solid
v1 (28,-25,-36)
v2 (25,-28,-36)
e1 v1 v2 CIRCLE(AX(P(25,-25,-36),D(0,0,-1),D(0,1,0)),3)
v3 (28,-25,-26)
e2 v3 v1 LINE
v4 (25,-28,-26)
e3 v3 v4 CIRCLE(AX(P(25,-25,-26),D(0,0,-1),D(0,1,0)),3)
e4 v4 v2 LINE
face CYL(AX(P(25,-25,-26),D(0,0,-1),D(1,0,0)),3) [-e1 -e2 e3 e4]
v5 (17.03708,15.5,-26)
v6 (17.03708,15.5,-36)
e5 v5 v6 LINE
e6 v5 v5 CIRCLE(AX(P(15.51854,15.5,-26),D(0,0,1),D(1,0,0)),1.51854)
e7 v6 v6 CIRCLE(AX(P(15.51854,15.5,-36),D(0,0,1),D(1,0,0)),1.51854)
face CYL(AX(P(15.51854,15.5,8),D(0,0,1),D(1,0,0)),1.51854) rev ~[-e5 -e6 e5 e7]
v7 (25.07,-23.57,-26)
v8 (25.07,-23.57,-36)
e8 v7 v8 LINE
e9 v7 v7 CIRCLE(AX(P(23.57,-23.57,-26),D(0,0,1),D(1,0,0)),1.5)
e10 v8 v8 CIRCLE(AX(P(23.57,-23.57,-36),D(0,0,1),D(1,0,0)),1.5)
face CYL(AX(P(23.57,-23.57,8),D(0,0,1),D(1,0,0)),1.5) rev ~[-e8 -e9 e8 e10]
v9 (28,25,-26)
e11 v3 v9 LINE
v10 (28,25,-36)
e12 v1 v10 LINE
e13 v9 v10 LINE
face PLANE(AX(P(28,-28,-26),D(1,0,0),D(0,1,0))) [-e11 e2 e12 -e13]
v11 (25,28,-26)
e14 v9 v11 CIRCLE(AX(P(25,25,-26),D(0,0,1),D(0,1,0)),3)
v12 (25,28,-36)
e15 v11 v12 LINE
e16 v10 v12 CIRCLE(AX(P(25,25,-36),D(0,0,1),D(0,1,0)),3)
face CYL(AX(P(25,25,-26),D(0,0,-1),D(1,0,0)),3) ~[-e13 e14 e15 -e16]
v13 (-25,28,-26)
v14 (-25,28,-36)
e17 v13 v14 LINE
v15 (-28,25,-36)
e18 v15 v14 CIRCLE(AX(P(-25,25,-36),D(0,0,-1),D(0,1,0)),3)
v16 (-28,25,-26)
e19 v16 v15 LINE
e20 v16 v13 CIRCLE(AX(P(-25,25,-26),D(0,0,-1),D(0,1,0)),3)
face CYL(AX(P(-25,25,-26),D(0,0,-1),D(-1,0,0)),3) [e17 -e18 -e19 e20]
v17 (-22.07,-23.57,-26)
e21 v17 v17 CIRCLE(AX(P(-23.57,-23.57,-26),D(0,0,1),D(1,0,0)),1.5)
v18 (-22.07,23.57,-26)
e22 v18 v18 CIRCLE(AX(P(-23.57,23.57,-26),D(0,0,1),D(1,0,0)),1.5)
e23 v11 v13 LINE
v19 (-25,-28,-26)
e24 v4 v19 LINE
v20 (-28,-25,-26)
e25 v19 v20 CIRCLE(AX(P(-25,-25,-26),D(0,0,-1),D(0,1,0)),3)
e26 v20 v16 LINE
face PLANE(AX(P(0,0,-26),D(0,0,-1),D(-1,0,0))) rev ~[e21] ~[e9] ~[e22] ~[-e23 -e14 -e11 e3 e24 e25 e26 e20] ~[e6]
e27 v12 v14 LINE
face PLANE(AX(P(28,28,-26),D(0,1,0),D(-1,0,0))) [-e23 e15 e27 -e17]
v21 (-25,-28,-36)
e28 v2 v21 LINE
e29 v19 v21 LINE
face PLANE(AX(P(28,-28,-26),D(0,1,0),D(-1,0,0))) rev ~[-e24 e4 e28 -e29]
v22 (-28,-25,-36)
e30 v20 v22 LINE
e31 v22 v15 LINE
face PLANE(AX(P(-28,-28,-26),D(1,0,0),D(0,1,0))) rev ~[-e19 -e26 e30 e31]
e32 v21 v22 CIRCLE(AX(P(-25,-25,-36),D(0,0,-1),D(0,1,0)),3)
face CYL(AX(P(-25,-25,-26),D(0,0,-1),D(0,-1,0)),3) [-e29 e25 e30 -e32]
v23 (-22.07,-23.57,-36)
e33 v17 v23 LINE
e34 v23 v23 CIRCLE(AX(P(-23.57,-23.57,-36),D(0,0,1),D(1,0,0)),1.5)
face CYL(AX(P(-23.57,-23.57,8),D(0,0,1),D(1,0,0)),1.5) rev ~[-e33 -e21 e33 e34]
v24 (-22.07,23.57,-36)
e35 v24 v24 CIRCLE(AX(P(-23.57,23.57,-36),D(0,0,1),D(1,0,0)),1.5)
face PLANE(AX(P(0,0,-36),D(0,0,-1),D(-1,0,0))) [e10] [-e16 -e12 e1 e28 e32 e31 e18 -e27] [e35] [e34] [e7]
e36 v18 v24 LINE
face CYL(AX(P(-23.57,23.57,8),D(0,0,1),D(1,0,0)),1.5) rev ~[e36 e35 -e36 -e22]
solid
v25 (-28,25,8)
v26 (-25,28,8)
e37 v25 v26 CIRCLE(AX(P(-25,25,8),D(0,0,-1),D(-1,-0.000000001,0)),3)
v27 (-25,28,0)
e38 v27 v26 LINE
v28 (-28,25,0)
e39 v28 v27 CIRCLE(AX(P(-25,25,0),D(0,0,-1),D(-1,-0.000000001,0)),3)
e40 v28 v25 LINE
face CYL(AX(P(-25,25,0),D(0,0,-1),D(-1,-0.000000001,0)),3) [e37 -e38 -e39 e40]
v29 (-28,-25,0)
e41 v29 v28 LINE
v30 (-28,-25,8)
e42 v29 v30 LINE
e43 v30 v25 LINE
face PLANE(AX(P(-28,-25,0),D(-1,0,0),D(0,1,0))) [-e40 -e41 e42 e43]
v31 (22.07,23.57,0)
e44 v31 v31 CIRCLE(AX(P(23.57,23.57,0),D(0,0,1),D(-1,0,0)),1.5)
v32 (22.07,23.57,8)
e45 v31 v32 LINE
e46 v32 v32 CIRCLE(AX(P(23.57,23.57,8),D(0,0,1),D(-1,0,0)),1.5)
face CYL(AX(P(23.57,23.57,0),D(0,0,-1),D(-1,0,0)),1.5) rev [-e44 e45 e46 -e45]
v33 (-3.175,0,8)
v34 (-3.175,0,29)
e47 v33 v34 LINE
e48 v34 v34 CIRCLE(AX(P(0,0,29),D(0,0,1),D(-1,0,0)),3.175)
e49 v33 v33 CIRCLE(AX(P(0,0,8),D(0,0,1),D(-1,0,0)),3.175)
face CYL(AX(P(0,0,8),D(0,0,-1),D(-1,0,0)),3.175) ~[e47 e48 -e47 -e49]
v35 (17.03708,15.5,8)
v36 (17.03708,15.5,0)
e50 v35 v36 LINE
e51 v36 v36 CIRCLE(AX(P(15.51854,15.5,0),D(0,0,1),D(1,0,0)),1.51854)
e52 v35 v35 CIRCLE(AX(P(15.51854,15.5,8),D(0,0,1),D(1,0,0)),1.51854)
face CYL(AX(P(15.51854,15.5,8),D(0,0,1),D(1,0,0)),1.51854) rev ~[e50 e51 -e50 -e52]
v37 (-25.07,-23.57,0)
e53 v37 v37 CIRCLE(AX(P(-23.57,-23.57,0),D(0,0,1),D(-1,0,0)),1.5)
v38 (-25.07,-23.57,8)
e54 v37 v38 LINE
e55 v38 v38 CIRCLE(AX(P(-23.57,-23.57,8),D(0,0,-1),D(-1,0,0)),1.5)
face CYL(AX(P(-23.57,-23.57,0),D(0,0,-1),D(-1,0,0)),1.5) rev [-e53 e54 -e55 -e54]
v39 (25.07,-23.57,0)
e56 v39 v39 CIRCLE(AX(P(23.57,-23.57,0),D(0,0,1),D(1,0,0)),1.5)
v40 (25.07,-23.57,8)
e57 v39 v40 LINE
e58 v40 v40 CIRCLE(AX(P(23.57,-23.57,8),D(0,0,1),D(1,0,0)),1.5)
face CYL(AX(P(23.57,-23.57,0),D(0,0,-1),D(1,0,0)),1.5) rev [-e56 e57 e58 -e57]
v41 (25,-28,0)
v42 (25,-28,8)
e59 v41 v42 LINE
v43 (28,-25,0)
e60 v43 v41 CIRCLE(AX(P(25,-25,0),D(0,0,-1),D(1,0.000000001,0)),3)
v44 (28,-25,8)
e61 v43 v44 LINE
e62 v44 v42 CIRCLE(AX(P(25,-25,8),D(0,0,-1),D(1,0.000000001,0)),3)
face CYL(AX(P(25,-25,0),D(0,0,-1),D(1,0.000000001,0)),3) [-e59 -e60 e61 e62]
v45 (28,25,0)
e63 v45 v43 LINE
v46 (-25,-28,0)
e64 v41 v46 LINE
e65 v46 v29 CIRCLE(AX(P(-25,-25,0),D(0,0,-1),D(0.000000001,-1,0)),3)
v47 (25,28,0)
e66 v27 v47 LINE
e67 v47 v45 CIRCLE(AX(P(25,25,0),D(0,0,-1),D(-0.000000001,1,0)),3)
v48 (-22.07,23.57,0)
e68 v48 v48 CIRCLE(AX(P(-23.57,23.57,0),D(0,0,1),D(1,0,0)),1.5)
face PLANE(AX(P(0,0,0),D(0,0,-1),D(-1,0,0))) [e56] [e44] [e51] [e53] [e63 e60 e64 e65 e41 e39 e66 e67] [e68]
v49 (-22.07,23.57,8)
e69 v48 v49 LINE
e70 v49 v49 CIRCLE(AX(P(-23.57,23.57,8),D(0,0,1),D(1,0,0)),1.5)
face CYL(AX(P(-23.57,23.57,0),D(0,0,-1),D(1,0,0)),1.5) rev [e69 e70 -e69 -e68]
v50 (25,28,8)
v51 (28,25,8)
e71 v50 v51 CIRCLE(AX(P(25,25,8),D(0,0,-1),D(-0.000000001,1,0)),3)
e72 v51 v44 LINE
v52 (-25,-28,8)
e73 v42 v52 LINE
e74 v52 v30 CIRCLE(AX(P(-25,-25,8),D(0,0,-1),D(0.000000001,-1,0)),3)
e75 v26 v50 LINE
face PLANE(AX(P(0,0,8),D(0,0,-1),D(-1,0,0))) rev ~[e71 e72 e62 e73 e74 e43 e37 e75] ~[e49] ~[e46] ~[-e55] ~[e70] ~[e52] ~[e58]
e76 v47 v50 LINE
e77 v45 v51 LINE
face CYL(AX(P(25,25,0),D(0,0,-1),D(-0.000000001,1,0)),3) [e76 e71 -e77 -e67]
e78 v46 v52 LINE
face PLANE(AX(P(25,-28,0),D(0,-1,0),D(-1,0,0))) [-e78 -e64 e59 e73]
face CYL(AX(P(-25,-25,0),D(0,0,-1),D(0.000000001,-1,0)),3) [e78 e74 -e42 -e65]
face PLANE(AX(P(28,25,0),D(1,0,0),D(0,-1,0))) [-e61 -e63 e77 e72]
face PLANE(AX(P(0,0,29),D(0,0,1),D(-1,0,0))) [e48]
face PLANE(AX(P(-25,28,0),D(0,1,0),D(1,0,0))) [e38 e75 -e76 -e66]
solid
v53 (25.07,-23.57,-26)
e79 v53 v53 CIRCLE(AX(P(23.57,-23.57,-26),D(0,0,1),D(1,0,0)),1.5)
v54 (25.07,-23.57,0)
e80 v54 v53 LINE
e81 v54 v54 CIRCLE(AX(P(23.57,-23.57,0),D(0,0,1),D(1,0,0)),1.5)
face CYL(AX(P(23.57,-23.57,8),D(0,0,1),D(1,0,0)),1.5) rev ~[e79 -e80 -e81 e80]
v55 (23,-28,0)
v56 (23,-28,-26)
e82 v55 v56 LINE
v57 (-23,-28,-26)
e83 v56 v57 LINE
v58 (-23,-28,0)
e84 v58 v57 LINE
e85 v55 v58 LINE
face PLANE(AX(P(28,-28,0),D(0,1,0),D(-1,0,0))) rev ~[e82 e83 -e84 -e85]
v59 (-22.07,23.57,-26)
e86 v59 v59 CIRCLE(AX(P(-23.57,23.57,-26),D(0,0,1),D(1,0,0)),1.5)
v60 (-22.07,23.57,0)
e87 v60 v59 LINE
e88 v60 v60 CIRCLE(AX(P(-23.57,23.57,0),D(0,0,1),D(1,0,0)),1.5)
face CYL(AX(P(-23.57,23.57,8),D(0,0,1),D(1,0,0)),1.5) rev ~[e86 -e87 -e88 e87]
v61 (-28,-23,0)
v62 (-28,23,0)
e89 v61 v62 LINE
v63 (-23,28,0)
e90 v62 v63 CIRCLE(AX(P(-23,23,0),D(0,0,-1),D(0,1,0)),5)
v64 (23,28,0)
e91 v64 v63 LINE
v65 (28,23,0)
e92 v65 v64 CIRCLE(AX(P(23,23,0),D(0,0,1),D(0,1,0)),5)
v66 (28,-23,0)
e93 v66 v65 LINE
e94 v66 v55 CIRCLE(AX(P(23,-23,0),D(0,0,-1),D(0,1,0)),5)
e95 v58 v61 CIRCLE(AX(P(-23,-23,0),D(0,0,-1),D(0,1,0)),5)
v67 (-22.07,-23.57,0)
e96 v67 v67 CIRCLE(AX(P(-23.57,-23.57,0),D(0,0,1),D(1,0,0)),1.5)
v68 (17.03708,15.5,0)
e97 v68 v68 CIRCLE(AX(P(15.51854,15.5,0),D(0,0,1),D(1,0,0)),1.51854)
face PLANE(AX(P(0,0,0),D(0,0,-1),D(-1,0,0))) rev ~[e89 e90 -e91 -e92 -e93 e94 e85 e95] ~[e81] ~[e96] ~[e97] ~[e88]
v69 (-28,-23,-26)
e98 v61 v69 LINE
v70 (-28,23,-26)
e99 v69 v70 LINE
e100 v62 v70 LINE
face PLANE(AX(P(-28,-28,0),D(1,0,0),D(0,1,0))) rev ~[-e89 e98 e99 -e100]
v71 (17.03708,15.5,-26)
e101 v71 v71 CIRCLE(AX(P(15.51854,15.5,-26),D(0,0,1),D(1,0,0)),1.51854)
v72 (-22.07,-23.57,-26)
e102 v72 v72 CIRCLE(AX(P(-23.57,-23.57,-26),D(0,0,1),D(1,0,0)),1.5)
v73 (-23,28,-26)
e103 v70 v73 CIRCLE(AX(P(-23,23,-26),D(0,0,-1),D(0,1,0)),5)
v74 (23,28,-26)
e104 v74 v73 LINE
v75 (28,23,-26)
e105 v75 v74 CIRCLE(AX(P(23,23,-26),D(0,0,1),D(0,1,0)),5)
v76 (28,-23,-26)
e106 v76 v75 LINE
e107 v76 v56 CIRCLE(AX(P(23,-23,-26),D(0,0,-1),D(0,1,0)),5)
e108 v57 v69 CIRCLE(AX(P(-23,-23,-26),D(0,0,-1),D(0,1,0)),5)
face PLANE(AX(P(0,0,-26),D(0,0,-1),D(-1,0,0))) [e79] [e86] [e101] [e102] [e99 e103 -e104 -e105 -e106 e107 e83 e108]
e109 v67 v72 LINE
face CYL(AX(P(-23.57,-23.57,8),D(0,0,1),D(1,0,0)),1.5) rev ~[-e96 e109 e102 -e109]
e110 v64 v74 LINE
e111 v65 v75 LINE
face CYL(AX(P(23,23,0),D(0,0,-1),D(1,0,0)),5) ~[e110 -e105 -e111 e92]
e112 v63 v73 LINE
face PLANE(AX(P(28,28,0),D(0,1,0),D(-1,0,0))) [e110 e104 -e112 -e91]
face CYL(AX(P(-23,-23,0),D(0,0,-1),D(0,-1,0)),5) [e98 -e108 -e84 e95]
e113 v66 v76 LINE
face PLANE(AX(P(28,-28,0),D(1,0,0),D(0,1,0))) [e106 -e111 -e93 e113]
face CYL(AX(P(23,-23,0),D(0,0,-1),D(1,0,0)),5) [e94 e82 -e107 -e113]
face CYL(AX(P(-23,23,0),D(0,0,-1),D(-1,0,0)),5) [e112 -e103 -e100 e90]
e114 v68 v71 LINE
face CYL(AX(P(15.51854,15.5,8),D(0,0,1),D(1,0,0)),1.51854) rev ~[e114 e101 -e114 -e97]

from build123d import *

# Parameters (mm, degrees)
SKETCH_1_R          = 1.5
EXTRUDE_1_DEPTH     = 8
SKETCH_4_R          = 3.175
EXTRUDE_2_DEPTH     = 21
SKETCH_9_W          = 56
SKETCH_9_H          = 56
EXTRUDE_7_DEPTH     = 26
SKETCH_10_W         = 56
SKETCH_10_H         = 56
EXTRUDE_8_DEPTH     = 10
FILLET_1_R          = 3
FILLET_2_R          = 5
SKETCH_12_R         = 1.5
SKETCH_12_R_2       = 1.518540069
CUT_EXTRUDE_1_DEPTH = 60.194594348


with BuildPart() as part:
    # 草图1 → 凸台-拉伸1 (new body)
    with BuildSketch(Plane.XY):
        with BuildLine():
            Line((-25, 28), (25, 28))
            ThreePointArc((25, 28), (27.121320344, 27.121320344), (28, 25))
            Line((28, 25), (28, -25))
            ThreePointArc((28, -25), (27.121320344, -27.121320344), (25, -28))
            Line((25, -28), (-25, -28))
            ThreePointArc((-25, -28), (-27.121320344, -27.121320344), (-28, -25))
            Line((-28, -25), (-28, 25))
            ThreePointArc((-28, 25), (-27.121320344, 27.121320344), (-25, 28))
        make_face()
        with Locations((-23.57, 23.57)):
            Circle(SKETCH_1_R, mode=Mode.SUBTRACT)
        with Locations(Location((23.57, 23.57, 0), (0, 0, 180))):
            Circle(SKETCH_1_R, mode=Mode.SUBTRACT)
        with Locations((23.57, -23.57)):
            Circle(SKETCH_1_R, mode=Mode.SUBTRACT)
        with Locations(Location((-23.57, -23.57, 0), (0, 0, 180))):
            Circle(SKETCH_1_R, mode=Mode.SUBTRACT)
    extrude(amount=EXTRUDE_1_DEPTH)

    # 草图4 → 凸台-拉伸2 (add)
    with BuildSketch(Plane.XY.offset(8)):
        with Locations(Location((0, 0, 0), (0, 0, 180))):
            Circle(SKETCH_4_R)
    extrude(amount=EXTRUDE_2_DEPTH)


with BuildPart() as body_2:
    # 草图9 → 凸台-拉伸7 (new body)
    with BuildSketch(Plane(origin=(0, 0, 0), x_dir=(-1, 0, 0), z_dir=(0, 0, -1))):
        Rectangle(SKETCH_9_W, SKETCH_9_H)
    extrude(amount=EXTRUDE_7_DEPTH)

    # 圆角2
    fillet_2_edges = [body_2.edges().sort_by_distance(p)[0] for p in [
        (-28, -28, -13),
        (28, -28, -13),
        (28, 28, -13),
        (-28, 28, -13),
    ]]
    fillet(fillet_2_edges, radius=FILLET_2_R)


with BuildPart() as body_3:
    # 草图10 → 凸台-拉伸8 (new body)
    with BuildSketch(Plane(origin=(0, 0, -26), x_dir=(-1, 0, 0), z_dir=(0, 0, -1))):
        Rectangle(SKETCH_10_W, SKETCH_10_H)
    extrude(amount=EXTRUDE_8_DEPTH)

    # 圆角1
    fillet_1_edges = [body_3.edges().sort_by_distance(p)[0] for p in [
        (28, 28, -31),
        (-28, 28, -31),
        (-28, -28, -31),
        (28, -28, -31),
    ]]
    fillet(fillet_1_edges, radius=FILLET_1_R)


with BuildPart() as cut_extrude_1_tool:
    # 草图12 → 切除-拉伸1 (new, through all)
    with BuildSketch(Plane.XY.offset(8)):
        with Locations((-23.57, 23.57)):
            Circle(SKETCH_12_R)
        with Locations((15.518540069, 15.5)):
            Circle(SKETCH_12_R_2)
        with Locations((-23.57, -23.57)):
            Circle(SKETCH_12_R)
        with Locations((23.57, -23.57)):
            Circle(SKETCH_12_R)
    extrude(amount=-CUT_EXTRUDE_1_DEPTH)


with BuildPart() as part_1:
    add(part.part)

    # 切除-拉伸1: cut by cut_extrude_1_tool
    add(cut_extrude_1_tool.part, mode=Mode.SUBTRACT)


with BuildPart() as body_2_1:
    add(body_2.part)

    # 切除-拉伸1: cut by cut_extrude_1_tool
    add(cut_extrude_1_tool.part, mode=Mode.SUBTRACT)


with BuildPart() as body_3_1:
    add(body_3.part)

    # 切除-拉伸1: cut by cut_extrude_1_tool
    add(cut_extrude_1_tool.part, mode=Mode.SUBTRACT)


solid = Compound([part_1.part, body_2_1.part, body_3_1.part])
